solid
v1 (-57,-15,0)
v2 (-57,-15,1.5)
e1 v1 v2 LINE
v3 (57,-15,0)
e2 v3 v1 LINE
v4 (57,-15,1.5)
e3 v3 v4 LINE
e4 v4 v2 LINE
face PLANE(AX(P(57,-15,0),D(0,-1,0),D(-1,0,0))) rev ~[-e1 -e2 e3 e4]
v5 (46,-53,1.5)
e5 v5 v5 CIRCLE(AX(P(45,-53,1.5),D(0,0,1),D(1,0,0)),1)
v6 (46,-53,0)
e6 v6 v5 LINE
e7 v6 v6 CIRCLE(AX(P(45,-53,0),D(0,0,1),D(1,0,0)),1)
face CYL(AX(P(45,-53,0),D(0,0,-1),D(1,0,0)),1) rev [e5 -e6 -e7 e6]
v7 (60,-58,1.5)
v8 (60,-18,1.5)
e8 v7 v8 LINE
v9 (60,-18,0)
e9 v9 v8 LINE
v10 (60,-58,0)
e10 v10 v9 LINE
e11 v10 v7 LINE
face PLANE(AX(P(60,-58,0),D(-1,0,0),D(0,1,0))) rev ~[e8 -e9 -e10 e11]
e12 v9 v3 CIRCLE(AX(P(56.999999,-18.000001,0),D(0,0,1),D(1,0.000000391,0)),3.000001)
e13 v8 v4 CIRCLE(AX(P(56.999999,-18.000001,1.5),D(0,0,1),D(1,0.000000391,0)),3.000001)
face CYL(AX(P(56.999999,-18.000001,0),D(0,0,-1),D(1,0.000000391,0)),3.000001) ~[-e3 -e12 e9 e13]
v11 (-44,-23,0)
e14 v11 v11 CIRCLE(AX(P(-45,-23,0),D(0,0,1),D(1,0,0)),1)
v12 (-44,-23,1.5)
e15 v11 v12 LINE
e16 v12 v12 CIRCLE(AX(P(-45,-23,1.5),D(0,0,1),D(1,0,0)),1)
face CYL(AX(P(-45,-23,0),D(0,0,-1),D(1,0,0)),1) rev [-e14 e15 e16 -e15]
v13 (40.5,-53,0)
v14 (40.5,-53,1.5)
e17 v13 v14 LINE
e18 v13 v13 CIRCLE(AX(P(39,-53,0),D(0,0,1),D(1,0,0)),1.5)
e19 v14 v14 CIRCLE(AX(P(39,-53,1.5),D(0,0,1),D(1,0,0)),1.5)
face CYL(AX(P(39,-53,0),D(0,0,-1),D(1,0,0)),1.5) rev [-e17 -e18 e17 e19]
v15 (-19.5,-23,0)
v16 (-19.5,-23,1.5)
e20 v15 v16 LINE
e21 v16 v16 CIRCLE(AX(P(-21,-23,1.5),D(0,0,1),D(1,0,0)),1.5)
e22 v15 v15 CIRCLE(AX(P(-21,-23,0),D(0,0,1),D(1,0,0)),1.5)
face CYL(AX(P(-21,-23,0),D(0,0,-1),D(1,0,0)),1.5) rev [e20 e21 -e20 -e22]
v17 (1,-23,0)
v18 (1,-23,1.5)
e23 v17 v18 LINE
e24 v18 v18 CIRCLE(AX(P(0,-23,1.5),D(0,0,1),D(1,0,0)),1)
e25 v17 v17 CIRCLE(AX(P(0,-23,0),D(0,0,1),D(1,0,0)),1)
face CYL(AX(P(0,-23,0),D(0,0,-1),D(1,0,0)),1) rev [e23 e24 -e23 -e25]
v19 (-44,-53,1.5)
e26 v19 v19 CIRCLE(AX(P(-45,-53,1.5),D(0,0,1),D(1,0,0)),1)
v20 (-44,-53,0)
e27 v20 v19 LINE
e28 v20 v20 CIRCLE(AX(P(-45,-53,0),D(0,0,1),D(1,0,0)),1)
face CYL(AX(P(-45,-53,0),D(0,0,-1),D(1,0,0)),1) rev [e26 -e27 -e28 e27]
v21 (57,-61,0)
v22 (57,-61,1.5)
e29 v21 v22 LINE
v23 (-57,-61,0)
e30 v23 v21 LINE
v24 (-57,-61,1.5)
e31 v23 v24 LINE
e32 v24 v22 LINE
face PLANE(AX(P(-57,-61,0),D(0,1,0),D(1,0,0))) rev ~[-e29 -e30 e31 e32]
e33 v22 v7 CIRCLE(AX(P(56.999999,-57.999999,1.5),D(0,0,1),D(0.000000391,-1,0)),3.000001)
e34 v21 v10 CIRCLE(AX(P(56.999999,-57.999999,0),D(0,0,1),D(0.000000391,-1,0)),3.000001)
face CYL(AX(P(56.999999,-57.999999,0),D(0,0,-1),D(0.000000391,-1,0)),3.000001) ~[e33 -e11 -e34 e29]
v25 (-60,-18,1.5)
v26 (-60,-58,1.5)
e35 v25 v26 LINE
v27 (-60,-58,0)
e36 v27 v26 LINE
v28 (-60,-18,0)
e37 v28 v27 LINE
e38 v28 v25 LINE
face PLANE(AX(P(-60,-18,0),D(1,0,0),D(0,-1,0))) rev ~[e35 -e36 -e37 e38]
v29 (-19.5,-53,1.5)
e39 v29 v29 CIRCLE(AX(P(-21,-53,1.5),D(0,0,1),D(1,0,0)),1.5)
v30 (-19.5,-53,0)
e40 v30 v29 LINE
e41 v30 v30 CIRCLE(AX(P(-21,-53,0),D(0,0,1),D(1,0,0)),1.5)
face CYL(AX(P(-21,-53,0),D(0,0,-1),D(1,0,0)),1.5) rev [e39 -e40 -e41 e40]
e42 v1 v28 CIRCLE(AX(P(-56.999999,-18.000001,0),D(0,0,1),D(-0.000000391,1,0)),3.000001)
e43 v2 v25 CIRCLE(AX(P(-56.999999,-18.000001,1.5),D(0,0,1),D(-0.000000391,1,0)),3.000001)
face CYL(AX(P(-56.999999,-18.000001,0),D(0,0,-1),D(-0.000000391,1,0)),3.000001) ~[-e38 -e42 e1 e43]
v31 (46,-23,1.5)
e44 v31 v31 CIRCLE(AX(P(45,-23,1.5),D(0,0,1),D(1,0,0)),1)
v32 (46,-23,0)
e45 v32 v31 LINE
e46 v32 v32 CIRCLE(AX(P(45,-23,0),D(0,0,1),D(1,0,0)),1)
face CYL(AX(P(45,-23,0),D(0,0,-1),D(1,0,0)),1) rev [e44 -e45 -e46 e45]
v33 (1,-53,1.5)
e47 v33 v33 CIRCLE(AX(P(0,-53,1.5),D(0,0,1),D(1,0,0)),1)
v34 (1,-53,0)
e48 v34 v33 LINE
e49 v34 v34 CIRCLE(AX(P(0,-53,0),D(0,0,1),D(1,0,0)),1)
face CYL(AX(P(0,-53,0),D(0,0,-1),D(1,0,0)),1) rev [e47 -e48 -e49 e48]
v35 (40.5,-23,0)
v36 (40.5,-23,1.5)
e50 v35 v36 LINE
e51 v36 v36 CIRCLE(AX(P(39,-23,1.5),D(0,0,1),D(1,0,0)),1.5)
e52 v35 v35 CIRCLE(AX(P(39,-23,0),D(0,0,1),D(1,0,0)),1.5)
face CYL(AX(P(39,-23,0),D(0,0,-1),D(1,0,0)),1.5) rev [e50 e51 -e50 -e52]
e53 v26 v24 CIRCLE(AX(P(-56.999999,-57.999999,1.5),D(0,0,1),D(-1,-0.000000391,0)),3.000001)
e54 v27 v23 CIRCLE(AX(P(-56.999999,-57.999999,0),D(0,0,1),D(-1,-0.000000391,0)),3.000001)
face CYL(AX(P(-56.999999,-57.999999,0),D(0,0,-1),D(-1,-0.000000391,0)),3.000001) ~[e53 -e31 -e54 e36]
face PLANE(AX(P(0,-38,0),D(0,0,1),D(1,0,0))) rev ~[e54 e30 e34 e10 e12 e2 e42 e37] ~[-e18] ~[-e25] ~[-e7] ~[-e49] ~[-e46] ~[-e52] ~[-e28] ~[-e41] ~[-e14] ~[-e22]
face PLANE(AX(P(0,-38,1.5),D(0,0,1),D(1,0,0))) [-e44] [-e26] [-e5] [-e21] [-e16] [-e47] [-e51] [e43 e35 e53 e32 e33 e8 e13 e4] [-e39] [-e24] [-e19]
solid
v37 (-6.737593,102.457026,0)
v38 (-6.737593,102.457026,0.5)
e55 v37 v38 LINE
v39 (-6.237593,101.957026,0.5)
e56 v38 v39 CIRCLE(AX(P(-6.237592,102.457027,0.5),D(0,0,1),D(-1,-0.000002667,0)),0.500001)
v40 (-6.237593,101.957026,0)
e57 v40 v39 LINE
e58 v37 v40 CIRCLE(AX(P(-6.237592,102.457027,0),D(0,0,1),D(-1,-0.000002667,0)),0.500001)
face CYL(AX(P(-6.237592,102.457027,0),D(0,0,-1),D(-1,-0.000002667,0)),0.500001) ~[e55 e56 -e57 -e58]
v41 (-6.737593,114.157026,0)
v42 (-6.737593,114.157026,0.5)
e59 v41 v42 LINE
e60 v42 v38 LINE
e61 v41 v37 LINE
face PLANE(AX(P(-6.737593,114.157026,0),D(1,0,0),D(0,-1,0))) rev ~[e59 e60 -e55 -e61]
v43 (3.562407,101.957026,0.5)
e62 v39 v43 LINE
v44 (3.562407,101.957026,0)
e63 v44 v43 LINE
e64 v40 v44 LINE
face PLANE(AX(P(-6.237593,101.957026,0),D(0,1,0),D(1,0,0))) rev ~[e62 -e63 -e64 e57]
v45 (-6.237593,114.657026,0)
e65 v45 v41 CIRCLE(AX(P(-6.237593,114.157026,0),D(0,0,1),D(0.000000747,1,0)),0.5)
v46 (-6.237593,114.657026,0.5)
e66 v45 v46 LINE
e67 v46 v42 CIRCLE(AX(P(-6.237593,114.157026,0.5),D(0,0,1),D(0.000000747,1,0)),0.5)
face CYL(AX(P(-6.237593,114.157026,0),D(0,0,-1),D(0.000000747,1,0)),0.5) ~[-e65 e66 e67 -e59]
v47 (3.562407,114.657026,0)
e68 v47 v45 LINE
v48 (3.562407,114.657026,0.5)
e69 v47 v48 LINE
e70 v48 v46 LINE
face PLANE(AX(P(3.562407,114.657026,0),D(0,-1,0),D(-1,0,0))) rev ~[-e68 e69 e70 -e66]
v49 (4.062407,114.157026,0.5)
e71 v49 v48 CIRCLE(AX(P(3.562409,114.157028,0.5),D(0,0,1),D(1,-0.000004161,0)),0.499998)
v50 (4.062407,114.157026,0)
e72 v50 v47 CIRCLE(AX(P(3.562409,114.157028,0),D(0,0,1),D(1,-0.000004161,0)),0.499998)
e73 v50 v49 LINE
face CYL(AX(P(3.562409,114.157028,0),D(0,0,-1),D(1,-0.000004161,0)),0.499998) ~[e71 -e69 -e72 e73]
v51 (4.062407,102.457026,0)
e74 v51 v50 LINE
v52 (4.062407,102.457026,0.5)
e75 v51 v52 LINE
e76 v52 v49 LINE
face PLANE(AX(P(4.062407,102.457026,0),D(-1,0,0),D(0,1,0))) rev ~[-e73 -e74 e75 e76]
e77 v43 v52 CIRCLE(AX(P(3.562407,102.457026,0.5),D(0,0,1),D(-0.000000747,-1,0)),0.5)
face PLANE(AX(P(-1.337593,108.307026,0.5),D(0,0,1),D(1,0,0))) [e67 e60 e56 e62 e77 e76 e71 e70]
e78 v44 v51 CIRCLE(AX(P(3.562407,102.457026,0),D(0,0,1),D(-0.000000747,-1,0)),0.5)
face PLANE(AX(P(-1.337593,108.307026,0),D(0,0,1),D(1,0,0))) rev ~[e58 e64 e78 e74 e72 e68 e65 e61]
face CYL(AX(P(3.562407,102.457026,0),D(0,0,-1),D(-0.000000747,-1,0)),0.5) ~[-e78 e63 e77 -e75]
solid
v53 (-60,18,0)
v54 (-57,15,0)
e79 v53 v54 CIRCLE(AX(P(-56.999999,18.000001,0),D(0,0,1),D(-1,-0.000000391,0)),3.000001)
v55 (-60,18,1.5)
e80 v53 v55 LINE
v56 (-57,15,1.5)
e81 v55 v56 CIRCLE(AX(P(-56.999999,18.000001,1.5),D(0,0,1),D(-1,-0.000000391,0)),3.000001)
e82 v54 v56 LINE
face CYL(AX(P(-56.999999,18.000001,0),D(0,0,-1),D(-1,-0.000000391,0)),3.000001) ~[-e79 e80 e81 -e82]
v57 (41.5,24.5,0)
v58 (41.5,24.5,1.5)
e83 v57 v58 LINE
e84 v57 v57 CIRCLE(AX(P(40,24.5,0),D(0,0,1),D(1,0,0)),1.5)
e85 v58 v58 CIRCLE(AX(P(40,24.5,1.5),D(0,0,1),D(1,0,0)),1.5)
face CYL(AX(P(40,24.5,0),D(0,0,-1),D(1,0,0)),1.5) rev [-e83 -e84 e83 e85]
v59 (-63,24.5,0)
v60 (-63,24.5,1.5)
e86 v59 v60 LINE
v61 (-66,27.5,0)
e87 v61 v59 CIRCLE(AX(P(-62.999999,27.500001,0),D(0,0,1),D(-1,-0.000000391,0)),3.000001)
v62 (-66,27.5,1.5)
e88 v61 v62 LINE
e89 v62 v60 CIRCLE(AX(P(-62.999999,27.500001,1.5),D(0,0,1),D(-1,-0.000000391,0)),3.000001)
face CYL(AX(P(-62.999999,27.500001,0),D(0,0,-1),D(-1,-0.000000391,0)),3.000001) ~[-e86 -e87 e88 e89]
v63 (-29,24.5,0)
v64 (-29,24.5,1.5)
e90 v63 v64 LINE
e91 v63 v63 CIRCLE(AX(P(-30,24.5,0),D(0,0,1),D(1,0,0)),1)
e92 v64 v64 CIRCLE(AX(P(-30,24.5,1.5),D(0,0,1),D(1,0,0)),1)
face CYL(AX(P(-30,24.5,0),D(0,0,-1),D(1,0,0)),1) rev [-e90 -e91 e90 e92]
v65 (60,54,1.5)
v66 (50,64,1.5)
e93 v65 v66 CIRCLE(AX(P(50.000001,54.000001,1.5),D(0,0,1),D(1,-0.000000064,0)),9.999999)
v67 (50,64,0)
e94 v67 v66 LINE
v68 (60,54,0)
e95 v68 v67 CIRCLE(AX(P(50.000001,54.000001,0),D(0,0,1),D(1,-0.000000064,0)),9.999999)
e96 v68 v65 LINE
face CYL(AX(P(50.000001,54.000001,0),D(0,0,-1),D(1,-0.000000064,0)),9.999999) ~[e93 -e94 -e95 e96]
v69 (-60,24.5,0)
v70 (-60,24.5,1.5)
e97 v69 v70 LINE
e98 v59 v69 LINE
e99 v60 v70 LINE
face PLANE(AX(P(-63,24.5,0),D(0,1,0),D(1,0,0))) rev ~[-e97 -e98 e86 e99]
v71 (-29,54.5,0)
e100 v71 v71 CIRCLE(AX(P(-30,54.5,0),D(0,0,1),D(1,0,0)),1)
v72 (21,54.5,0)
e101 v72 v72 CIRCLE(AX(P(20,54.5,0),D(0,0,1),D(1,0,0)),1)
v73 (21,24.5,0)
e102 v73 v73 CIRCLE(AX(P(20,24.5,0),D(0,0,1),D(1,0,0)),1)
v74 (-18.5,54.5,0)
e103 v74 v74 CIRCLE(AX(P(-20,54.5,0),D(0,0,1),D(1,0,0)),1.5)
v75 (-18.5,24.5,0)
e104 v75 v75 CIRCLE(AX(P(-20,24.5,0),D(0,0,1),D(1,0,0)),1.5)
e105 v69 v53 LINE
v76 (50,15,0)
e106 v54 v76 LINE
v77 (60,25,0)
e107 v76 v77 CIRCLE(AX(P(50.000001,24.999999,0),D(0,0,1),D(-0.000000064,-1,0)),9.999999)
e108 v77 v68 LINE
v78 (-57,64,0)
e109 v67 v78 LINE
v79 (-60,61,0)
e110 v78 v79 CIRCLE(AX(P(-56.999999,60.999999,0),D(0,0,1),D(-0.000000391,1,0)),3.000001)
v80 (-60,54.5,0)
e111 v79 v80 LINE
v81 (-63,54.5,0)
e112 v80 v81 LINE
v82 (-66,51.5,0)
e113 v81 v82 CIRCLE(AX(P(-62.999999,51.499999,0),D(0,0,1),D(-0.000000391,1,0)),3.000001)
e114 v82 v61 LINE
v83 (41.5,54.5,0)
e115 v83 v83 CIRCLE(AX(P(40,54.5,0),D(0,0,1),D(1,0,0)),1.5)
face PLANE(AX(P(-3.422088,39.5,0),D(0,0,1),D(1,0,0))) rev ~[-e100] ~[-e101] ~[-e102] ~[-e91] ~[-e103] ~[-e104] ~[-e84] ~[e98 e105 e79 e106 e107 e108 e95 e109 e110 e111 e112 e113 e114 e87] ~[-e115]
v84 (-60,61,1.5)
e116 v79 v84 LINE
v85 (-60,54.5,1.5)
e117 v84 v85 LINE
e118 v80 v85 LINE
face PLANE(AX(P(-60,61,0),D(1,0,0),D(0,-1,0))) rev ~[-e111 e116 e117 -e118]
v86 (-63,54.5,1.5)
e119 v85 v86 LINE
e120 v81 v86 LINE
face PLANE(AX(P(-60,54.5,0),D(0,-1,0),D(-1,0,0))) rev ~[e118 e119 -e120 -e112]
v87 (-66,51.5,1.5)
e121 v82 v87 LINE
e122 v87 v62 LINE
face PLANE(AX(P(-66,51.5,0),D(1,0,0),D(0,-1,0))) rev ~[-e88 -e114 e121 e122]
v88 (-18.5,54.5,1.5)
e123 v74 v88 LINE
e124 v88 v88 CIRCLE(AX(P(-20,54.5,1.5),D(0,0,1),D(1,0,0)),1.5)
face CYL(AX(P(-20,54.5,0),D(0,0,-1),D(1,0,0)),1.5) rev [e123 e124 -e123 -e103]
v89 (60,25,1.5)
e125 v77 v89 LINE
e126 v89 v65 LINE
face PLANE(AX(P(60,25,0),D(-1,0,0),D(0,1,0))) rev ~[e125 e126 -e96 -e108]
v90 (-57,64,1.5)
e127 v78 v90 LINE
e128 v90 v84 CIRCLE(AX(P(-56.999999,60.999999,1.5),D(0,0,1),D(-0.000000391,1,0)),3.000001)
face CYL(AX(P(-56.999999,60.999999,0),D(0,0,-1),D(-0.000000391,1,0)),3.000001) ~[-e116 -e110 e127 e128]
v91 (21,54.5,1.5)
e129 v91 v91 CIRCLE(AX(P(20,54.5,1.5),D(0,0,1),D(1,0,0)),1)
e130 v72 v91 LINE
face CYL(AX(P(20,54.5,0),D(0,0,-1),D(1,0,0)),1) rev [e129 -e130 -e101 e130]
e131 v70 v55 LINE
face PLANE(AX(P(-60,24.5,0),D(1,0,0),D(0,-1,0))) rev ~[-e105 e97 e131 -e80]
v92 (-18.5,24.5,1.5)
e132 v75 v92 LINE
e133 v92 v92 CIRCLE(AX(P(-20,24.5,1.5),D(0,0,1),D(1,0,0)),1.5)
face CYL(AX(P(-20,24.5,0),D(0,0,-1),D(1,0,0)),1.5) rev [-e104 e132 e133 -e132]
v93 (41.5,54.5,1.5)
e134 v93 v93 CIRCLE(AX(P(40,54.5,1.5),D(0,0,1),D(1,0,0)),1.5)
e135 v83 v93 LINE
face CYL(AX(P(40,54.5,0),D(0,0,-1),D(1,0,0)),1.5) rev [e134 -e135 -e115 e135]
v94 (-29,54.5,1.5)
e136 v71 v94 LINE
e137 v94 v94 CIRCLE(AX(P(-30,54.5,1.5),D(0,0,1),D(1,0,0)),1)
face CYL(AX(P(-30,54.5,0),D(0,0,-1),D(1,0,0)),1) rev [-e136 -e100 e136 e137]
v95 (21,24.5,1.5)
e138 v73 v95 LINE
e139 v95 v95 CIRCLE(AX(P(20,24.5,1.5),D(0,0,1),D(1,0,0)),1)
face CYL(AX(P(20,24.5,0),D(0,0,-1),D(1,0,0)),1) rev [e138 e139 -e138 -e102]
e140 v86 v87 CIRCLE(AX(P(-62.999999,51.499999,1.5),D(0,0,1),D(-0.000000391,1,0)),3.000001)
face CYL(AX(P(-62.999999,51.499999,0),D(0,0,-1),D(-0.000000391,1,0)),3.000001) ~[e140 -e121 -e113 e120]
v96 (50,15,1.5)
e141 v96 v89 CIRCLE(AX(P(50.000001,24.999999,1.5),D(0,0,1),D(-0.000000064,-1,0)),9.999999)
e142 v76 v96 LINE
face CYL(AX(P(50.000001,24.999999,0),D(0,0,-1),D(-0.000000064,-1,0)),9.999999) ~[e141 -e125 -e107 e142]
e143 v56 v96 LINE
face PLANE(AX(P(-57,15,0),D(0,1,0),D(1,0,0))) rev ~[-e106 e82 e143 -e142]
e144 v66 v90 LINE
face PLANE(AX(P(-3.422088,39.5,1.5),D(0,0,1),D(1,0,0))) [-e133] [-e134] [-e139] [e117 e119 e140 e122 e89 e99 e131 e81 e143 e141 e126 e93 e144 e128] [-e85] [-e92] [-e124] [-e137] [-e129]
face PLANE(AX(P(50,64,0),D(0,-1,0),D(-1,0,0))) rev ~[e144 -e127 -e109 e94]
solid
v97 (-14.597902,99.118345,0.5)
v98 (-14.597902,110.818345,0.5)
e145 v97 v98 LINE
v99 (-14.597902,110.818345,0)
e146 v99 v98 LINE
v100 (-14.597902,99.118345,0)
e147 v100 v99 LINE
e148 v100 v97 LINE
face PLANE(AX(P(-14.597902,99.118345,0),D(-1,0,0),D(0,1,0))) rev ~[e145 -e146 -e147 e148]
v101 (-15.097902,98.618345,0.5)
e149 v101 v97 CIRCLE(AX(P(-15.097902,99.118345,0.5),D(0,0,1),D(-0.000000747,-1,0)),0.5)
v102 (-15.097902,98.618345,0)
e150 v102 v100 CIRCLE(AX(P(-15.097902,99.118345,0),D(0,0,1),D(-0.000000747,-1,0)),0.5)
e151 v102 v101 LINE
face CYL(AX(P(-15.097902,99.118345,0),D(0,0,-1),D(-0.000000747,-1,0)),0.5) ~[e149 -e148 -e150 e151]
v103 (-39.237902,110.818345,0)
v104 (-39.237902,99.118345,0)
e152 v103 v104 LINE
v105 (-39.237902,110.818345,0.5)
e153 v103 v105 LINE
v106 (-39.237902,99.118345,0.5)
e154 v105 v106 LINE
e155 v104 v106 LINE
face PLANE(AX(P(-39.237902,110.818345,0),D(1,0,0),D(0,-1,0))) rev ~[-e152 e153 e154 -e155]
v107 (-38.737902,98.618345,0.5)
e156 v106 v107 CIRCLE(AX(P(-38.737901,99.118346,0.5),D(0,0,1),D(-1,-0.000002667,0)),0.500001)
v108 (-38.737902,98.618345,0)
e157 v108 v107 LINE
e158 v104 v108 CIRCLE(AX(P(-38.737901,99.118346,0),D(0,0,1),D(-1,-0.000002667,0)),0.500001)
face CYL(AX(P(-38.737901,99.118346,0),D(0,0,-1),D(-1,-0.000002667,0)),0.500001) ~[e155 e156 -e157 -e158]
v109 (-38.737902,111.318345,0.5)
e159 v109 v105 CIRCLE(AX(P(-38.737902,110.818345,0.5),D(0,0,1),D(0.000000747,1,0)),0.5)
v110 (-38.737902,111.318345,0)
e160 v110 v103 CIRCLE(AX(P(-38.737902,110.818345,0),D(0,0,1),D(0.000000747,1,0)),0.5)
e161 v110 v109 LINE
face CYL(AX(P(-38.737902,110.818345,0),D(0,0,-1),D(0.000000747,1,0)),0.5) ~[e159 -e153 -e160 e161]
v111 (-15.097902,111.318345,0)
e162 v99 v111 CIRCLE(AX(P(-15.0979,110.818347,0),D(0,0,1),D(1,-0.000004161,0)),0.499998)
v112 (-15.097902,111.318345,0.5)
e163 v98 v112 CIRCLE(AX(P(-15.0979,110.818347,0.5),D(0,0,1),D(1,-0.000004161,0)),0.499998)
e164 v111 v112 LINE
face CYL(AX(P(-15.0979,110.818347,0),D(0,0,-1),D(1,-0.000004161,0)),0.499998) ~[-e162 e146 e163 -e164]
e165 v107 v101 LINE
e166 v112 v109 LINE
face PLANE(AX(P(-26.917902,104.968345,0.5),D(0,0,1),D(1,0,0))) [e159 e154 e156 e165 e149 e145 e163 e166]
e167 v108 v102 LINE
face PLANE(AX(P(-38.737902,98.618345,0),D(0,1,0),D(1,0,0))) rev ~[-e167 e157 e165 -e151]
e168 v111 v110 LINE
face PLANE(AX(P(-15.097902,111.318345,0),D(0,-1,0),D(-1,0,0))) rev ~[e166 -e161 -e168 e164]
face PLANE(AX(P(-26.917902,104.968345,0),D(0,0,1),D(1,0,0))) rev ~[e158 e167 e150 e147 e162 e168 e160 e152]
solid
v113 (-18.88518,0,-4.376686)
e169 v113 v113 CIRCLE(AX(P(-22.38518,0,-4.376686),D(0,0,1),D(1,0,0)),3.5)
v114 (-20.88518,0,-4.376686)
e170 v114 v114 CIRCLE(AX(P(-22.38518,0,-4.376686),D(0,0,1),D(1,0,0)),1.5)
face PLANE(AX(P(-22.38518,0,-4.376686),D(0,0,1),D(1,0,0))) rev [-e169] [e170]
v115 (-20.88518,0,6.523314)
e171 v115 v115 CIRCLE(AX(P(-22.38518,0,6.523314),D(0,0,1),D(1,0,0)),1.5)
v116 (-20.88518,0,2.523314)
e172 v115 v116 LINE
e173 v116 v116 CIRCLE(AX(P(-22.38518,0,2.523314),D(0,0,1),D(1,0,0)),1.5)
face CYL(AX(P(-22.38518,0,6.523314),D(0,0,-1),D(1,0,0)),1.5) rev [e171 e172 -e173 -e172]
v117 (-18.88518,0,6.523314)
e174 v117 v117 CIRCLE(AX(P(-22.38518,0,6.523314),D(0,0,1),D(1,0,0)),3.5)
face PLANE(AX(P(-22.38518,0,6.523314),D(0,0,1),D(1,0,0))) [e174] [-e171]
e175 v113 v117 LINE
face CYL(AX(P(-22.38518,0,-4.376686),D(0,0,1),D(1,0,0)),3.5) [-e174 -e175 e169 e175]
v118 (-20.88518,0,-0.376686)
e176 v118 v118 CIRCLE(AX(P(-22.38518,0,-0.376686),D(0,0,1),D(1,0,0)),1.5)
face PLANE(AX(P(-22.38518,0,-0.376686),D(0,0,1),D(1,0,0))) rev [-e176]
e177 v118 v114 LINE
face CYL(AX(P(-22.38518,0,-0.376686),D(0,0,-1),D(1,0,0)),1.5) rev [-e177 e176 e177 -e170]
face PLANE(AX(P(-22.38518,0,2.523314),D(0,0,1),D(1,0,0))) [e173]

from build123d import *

# Parameters (mm, degrees)
F0_R     = 1
F0_R_2   = 1.5
F1_DEPTH = 1.5
F2_DEPTH = 1.5
F6_DEPTH = 0.5


with BuildPart() as f1:
    # F0 (on Top) → F1 (new body)
    with BuildSketch(Plane.XY):
        with BuildLine():
            Line((50, 64), (-57, 64))
            ThreePointArc((-57, 64), (-59.12132, 63.12132), (-60, 61))
            Line((-60, 61), (-60, 54.5))
            Line((-60, 54.5), (-63, 54.5))
            ThreePointArc((-63, 54.5), (-65.12132, 53.62132), (-66, 51.5))
            Line((-66, 51.5), (-66, 27.5))
            ThreePointArc((-66, 27.5), (-65.12132, 25.37868), (-63, 24.5))
            Line((-63, 24.5), (-60, 24.5))
            Line((-60, 24.5), (-60, 18))
            ThreePointArc((-60, 18), (-59.12132, 15.87868), (-57, 15))
            Line((-57, 15), (50, 15))
            ThreePointArc((50, 15), (57.071068, 17.928932), (60, 25))
            Line((60, 25), (60, 54))
            ThreePointArc((60, 54), (57.071068, 61.071068), (50, 64))
        make_face()
        with Locations((-30, 24.5)):
            Circle(F0_R, mode=Mode.SUBTRACT)
        with Locations((-20, 24.5)):
            Circle(F0_R_2, mode=Mode.SUBTRACT)
        with Locations((-30, 54.5)):
            Circle(F0_R, mode=Mode.SUBTRACT)
        with Locations((-20, 54.5)):
            Circle(F0_R_2, mode=Mode.SUBTRACT)
        with Locations((20, 24.5)):
            Circle(F0_R, mode=Mode.SUBTRACT)
        with Locations((40, 24.5)):
            Circle(F0_R_2, mode=Mode.SUBTRACT)
        with Locations((20, 54.5)):
            Circle(F0_R, mode=Mode.SUBTRACT)
        with Locations((40, 54.5)):
            Circle(F0_R_2, mode=Mode.SUBTRACT)
    extrude(amount=F1_DEPTH)


with BuildPart() as f2:
    # F0 (on Top) → F2 (new body)
    with BuildSketch(Plane.XY):
        with BuildLine():
            ThreePointArc((60, -18), (59.12132, -15.87868), (57, -15))
            Line((57, -15), (-57, -15))
            ThreePointArc((-57, -15), (-59.12132, -15.87868), (-60, -18))
            Line((-60, -18), (-60, -58))
            ThreePointArc((-60, -58), (-59.12132, -60.12132), (-57, -61))
            Line((-57, -61), (57, -61))
            ThreePointArc((57, -61), (59.12132, -60.12132), (60, -58))
            Line((60, -58), (60, -18))
        make_face()
        with Locations((-45, -53)):
            Circle(F0_R, mode=Mode.SUBTRACT)
        with Locations((-21, -53)):
            Circle(F0_R_2, mode=Mode.SUBTRACT)
        with Locations((-45, -23)):
            Circle(F0_R, mode=Mode.SUBTRACT)
        with Locations((-21, -23)):
            Circle(F0_R_2, mode=Mode.SUBTRACT)
        with Locations((0, -53)):
            Circle(F0_R, mode=Mode.SUBTRACT)
        with Locations((39, -53)):
            Circle(F0_R_2, mode=Mode.SUBTRACT)
        with Locations((45, -53)):
            Circle(F0_R, mode=Mode.SUBTRACT)
        with Locations((0, -23)):
            Circle(F0_R, mode=Mode.SUBTRACT)
        with Locations((39, -23)):
            Circle(F0_R_2, mode=Mode.SUBTRACT)
        with Locations((45, -23)):
            Circle(F0_R, mode=Mode.SUBTRACT)
    extrude(amount=F2_DEPTH)


with BuildPart() as f4:
    # F3 (on Front) → F4 (revolve)
    with BuildSketch(Plane.XZ):
        Polygon((-20.88518, 2.523314), (-22.38518, 2.523314), (-22.38518, -0.376686), (-20.88518, -0.376686), (-20.88518, -4.376686), (-18.88518, -4.376686), (-18.88518, 6.523314), (-20.88518, 6.523314), align=None)
    revolve(axis=Axis((-22.38518, 0, 1.073314), (0, 0, 1)))


with BuildPart() as f6:
    # F5 (on Top) → F6 (new body)
    with BuildSketch(Plane.XY):
        with BuildLine():
            ThreePointArc((-14.597902, 110.818345), (-14.744348, 111.171899), (-15.097902, 111.318345))
            Line((-15.097902, 111.318345), (-38.737902, 111.318345))
            ThreePointArc((-38.737902, 111.318345), (-39.091455, 111.171899), (-39.237902, 110.818345))
            Line((-39.237902, 110.818345), (-39.237902, 99.118345))
            ThreePointArc((-39.237902, 99.118345), (-39.091455, 98.764792), (-38.737902, 98.618345))
            Line((-38.737902, 98.618345), (-15.097902, 98.618345))
            ThreePointArc((-15.097902, 98.618345), (-14.744348, 98.764792), (-14.597902, 99.118345))
            Line((-14.597902, 99.118345), (-14.597902, 110.818345))
        make_face()
        with BuildLine():
            Line((3.562407, 114.657026), (-6.237593, 114.657026))
            ThreePointArc((-6.237593, 114.657026), (-6.591146, 114.51058), (-6.737593, 114.157026))
            Line((-6.737593, 114.157026), (-6.737593, 102.457026))
            ThreePointArc((-6.737593, 102.457026), (-6.591146, 102.103473), (-6.237593, 101.957026))
            Line((-6.237593, 101.957026), (3.562407, 101.957026))
            ThreePointArc((3.562407, 101.957026), (3.915961, 102.103473), (4.062407, 102.457026))
            Line((4.062407, 102.457026), (4.062407, 114.157026))
            ThreePointArc((4.062407, 114.157026), (3.915961, 114.51058), (3.562407, 114.657026))
        make_face()
    extrude(amount=F6_DEPTH)


solid = Compound([f1.part, f2.part, f4.part, f6.part])
